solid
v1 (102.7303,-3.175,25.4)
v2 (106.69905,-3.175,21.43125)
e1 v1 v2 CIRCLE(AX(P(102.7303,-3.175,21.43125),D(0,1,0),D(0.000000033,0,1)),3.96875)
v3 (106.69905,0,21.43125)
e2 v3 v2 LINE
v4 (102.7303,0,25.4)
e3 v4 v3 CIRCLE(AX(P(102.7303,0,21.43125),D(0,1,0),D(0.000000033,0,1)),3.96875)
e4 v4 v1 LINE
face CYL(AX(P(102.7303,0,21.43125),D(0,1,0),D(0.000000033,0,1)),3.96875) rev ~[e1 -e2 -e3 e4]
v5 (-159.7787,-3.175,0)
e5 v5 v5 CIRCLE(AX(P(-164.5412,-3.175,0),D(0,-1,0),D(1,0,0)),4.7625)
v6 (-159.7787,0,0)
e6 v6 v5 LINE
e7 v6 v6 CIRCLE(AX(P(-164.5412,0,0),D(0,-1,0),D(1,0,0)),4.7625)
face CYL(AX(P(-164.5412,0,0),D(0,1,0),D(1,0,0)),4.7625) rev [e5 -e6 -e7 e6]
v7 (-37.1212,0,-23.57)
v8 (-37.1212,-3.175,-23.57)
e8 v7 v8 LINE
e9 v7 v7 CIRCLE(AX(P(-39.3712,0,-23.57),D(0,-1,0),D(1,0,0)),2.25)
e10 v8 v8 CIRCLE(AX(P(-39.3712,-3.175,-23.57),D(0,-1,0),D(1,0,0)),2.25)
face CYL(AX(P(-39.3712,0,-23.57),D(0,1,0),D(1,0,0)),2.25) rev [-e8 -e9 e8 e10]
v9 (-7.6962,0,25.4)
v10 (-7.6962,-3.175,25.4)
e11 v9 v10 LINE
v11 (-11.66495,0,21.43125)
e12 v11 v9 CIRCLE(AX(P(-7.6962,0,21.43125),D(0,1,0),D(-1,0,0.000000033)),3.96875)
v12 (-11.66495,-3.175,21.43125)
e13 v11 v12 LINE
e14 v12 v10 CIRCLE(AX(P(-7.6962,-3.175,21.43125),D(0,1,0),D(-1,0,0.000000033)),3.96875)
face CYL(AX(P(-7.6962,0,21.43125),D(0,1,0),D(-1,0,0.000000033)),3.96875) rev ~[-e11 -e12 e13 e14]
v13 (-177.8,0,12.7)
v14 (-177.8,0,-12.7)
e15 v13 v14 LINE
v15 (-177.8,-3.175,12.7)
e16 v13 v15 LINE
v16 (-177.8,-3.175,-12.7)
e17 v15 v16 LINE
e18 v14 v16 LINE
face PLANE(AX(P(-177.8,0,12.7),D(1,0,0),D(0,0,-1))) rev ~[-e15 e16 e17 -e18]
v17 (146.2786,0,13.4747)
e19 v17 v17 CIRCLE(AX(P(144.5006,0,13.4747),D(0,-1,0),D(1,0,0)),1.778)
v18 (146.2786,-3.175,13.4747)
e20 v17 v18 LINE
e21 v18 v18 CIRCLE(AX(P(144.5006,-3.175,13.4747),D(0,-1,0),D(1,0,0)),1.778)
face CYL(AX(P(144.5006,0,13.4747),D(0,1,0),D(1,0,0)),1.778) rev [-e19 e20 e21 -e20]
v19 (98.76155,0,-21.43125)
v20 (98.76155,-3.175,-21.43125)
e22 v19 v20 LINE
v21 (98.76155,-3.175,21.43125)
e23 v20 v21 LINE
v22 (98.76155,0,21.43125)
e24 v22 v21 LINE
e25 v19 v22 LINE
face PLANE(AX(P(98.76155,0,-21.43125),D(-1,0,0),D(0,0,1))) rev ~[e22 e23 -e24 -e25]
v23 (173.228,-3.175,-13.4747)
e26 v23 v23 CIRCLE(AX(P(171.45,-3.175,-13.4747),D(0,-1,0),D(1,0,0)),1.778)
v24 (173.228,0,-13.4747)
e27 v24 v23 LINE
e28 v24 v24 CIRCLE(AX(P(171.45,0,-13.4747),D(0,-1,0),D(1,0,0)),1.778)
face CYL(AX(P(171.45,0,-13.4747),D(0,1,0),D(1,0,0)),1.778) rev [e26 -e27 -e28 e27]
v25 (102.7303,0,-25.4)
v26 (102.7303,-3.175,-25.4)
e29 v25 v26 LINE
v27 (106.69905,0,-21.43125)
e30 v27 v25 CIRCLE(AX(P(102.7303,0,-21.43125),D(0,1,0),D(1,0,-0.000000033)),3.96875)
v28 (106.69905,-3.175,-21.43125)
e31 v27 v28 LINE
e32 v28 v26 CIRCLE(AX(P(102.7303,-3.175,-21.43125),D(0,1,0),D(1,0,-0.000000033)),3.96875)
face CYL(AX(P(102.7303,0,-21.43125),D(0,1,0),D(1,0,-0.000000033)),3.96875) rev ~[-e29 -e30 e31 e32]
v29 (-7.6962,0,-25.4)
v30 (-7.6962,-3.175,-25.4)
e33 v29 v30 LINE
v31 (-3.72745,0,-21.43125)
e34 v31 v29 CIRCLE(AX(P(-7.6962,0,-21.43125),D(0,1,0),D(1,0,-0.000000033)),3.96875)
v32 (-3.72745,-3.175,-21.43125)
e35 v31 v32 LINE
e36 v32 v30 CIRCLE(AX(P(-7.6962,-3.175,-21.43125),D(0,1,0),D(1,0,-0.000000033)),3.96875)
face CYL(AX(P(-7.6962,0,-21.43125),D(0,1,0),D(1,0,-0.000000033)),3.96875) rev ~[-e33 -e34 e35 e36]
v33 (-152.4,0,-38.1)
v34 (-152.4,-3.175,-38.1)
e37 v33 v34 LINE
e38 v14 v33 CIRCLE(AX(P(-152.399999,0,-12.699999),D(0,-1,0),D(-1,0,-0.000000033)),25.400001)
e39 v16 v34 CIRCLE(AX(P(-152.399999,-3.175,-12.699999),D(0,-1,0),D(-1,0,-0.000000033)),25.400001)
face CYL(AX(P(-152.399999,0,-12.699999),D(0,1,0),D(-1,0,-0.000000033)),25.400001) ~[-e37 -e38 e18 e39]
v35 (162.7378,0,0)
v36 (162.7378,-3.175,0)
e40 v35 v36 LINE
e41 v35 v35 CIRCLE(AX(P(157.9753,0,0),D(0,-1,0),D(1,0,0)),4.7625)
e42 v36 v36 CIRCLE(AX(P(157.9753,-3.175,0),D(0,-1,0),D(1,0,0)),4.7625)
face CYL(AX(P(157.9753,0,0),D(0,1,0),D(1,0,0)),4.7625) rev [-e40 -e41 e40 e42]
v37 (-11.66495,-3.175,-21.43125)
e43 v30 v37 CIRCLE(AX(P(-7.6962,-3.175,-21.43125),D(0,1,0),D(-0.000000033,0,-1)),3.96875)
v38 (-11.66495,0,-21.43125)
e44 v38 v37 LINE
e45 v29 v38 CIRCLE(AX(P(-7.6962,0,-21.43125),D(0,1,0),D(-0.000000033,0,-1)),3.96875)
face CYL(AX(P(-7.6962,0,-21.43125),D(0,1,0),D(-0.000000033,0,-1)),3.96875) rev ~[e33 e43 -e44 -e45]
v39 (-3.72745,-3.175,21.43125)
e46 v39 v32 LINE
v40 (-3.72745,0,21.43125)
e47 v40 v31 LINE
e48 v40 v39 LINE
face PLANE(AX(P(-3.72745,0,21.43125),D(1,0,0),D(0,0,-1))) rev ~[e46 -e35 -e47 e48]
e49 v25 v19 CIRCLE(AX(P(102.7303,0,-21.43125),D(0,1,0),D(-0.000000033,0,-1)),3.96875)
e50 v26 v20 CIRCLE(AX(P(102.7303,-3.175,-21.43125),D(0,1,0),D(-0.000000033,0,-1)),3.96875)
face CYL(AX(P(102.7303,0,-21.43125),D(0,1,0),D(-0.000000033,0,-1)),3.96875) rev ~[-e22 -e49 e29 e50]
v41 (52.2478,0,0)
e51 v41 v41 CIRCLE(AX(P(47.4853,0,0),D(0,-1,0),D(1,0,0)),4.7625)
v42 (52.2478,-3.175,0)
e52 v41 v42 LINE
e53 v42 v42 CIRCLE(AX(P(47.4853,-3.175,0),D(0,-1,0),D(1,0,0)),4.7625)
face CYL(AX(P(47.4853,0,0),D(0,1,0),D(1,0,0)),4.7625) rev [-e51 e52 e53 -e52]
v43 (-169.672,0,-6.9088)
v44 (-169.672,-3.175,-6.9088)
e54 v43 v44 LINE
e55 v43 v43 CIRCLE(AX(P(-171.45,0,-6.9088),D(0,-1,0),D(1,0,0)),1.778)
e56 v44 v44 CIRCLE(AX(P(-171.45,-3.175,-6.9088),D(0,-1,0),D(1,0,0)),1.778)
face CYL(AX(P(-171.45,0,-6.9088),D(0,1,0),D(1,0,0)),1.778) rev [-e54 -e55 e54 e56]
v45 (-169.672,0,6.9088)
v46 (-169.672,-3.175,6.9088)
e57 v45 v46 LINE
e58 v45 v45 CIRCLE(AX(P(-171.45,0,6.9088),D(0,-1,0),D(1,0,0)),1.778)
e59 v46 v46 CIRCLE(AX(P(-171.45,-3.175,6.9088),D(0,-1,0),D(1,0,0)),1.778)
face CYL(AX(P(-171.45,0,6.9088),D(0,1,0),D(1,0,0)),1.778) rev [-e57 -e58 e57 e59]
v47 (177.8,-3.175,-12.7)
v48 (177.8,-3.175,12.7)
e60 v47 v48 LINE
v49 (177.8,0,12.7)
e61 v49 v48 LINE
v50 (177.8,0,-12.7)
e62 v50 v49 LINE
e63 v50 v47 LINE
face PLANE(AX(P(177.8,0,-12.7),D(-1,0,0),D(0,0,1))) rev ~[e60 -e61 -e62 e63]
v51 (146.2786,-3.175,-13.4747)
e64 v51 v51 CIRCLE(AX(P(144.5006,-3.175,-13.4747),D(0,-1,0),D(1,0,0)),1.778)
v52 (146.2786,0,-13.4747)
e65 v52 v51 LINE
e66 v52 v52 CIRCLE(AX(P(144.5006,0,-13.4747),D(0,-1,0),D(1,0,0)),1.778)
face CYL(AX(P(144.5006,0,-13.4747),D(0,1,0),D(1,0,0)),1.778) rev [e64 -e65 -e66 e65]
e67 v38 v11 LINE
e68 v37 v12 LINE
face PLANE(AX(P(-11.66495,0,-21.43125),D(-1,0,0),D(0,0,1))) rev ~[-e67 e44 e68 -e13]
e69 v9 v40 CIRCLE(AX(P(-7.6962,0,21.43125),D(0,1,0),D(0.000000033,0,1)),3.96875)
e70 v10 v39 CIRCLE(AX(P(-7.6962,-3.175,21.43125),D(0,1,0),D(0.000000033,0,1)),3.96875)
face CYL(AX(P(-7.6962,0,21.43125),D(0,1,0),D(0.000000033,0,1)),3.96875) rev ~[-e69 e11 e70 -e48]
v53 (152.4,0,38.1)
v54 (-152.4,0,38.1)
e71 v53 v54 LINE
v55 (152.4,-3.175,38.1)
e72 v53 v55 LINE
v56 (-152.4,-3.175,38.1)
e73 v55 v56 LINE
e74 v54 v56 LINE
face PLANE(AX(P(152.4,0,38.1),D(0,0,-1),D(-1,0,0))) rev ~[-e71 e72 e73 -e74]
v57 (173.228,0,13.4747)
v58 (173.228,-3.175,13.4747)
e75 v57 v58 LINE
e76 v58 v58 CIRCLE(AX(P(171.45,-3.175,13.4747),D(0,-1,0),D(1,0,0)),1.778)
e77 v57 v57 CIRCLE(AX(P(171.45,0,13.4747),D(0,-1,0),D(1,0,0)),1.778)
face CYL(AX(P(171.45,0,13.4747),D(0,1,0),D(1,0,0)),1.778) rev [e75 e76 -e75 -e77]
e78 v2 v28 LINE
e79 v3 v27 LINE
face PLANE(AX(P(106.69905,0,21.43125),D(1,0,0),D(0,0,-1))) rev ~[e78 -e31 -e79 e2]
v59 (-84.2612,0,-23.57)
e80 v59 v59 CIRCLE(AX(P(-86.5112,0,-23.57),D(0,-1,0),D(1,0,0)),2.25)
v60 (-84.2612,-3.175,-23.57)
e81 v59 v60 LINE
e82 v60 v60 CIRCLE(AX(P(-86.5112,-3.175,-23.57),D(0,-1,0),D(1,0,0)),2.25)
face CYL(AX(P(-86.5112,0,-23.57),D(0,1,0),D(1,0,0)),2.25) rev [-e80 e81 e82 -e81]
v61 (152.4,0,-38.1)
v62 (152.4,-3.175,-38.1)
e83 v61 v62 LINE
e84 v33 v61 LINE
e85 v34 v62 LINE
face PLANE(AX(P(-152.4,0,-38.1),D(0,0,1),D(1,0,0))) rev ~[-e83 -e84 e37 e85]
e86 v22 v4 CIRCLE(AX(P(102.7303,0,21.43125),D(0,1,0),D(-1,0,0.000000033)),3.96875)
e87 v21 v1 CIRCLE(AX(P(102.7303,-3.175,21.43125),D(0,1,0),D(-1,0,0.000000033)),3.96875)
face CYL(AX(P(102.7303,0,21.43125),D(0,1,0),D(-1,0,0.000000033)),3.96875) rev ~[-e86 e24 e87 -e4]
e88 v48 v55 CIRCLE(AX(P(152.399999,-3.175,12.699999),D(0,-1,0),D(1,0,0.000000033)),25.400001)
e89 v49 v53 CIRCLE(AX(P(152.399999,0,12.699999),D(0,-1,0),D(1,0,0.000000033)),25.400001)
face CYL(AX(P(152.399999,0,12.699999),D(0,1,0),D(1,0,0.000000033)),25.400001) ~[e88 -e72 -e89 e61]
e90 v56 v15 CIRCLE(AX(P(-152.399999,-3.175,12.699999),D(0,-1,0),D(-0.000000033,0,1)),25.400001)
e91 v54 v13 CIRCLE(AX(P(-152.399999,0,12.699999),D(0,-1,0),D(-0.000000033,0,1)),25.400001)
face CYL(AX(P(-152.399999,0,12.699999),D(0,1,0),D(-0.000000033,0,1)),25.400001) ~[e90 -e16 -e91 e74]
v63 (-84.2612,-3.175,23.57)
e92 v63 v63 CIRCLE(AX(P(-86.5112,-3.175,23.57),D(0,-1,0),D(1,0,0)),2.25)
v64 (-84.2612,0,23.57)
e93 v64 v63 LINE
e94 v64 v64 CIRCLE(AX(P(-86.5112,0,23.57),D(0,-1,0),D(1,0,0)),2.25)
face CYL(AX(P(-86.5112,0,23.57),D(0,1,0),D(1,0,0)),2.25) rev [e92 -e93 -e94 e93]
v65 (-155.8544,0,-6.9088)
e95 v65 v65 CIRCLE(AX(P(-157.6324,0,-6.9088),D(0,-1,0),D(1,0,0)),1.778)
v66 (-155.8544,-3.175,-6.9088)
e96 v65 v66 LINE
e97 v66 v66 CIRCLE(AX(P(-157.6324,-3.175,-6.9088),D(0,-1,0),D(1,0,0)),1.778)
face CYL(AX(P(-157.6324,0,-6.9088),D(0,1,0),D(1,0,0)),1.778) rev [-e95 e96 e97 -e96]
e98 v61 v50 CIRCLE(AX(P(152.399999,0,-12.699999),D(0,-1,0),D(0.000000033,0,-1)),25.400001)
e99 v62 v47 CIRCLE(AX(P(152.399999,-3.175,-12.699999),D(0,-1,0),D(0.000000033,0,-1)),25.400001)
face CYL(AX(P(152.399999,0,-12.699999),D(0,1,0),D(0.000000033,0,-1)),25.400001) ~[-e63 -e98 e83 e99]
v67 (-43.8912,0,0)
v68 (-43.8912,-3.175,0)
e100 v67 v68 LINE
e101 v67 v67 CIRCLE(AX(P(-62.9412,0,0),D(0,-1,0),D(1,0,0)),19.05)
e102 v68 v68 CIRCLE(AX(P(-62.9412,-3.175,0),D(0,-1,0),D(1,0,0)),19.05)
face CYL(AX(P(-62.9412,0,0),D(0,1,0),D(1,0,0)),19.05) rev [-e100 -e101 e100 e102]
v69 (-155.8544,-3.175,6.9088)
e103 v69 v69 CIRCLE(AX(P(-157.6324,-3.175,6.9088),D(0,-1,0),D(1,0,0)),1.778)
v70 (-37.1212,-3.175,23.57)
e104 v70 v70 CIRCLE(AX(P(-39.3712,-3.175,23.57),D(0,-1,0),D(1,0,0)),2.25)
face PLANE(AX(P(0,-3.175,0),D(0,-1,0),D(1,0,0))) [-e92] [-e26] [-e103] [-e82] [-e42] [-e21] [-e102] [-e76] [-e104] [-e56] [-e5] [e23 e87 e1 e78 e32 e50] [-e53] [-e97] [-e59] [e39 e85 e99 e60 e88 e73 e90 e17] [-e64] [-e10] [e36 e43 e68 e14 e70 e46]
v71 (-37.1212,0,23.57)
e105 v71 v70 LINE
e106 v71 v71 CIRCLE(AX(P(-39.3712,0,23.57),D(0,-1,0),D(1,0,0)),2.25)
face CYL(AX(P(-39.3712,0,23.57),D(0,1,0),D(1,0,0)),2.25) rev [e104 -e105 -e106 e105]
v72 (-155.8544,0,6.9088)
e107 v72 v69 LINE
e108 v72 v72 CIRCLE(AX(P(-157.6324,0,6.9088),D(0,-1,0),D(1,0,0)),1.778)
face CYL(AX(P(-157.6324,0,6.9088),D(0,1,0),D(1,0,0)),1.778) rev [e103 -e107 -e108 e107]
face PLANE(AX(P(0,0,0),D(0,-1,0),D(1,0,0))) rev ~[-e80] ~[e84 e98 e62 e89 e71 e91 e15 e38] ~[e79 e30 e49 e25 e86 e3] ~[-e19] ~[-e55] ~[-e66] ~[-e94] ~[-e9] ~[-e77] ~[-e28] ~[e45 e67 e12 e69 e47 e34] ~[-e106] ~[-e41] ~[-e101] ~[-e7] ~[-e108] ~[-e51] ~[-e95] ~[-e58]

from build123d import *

# Parameters (mm, degrees)
F0_R     = 2.25
F0_R_2   = 1.778
F0_R_3   = 4.7625
F0_R_4   = 19.05
F1_DEPTH = 3.175


with BuildPart() as f1:
    # F0 (on Front) → F1 (new body)
    with BuildSketch(Plane.XZ):
        with BuildLine():
            ThreePointArc((177.8, 12.7), (170.360512, 30.660512), (152.4, 38.1))
            Line((152.4, 38.1), (-152.4, 38.1))
            ThreePointArc((-152.4, 38.1), (-170.360512, 30.660512), (-177.8, 12.7))
            Line((-177.8, 12.7), (-177.8, -12.7))
            ThreePointArc((-177.8, -12.7), (-170.360512, -30.660512), (-152.4, -38.1))
            Line((-152.4, -38.1), (152.4, -38.1))
            ThreePointArc((152.4, -38.1), (170.360512, -30.660512), (177.8, -12.7))
            Line((177.8, -12.7), (177.8, 12.7))
        make_face()
        with Locations((-86.5112, -23.57)):
            Circle(F0_R, mode=Mode.SUBTRACT)
        with Locations((-39.3712, -23.57)):
            Circle(F0_R, mode=Mode.SUBTRACT)
        with Locations((-171.45, -6.9088)):
            Circle(F0_R_2, mode=Mode.SUBTRACT)
        with Locations((-157.6324, -6.9088)):
            Circle(F0_R_2, mode=Mode.SUBTRACT)
        with Locations((144.5006, -13.4747)):
            Circle(F0_R_2, mode=Mode.SUBTRACT)
        with Locations((171.45, -13.4747)):
            Circle(F0_R_2, mode=Mode.SUBTRACT)
        with Locations((-164.5412, 0)):
            Circle(F0_R_3, mode=Mode.SUBTRACT)
        with Locations((-171.45, 6.9088)):
            Circle(F0_R_2, mode=Mode.SUBTRACT)
        with Locations((-157.6324, 6.9088)):
            Circle(F0_R_2, mode=Mode.SUBTRACT)
        with Locations((-62.9412, 0)):
            Circle(F0_R_4, mode=Mode.SUBTRACT)
        with BuildLine():
            Line((-3.72745, 21.43125), (-3.72745, -21.43125))
            ThreePointArc((-3.72745, -21.43125), (-4.88987, -24.23758), (-7.6962, -25.4))
            ThreePointArc((-7.6962, -25.4), (-10.50253, -24.23758), (-11.66495, -21.43125))
            Line((-11.66495, -21.43125), (-11.66495, 21.43125))
            ThreePointArc((-11.66495, 21.43125), (-10.50253, 24.23758), (-7.6962, 25.4))
            ThreePointArc((-7.6962, 25.4), (-4.88987, 24.23758), (-3.72745, 21.43125))
        make_face(mode=Mode.SUBTRACT)
        with Locations((-86.5112, 23.57)):
            Circle(F0_R, mode=Mode.SUBTRACT)
        with Locations((-39.3712, 23.57)):
            Circle(F0_R, mode=Mode.SUBTRACT)
        with Locations((47.4853, 0)):
            Circle(F0_R_3, mode=Mode.SUBTRACT)
        with BuildLine():
            Line((106.69905, 21.43125), (106.69905, -21.43125))
            ThreePointArc((106.69905, -21.43125), (105.53663, -24.23758), (102.7303, -25.4))
            ThreePointArc((102.7303, -25.4), (99.92397, -24.23758), (98.76155, -21.43125))
            Line((98.76155, -21.43125), (98.76155, 21.43125))
            ThreePointArc((98.76155, 21.43125), (99.92397, 24.23758), (102.7303, 25.4))
            ThreePointArc((102.7303, 25.4), (105.53663, 24.23758), (106.69905, 21.43125))
        make_face(mode=Mode.SUBTRACT)
        with Locations((157.9753, 0)):
            Circle(F0_R_3, mode=Mode.SUBTRACT)
        with Locations((144.5006, 13.4747)):
            Circle(F0_R_2, mode=Mode.SUBTRACT)
        with Locations((171.45, 13.4747)):
            Circle(F0_R_2, mode=Mode.SUBTRACT)
    extrude(amount=F1_DEPTH)


solid = f1.part
